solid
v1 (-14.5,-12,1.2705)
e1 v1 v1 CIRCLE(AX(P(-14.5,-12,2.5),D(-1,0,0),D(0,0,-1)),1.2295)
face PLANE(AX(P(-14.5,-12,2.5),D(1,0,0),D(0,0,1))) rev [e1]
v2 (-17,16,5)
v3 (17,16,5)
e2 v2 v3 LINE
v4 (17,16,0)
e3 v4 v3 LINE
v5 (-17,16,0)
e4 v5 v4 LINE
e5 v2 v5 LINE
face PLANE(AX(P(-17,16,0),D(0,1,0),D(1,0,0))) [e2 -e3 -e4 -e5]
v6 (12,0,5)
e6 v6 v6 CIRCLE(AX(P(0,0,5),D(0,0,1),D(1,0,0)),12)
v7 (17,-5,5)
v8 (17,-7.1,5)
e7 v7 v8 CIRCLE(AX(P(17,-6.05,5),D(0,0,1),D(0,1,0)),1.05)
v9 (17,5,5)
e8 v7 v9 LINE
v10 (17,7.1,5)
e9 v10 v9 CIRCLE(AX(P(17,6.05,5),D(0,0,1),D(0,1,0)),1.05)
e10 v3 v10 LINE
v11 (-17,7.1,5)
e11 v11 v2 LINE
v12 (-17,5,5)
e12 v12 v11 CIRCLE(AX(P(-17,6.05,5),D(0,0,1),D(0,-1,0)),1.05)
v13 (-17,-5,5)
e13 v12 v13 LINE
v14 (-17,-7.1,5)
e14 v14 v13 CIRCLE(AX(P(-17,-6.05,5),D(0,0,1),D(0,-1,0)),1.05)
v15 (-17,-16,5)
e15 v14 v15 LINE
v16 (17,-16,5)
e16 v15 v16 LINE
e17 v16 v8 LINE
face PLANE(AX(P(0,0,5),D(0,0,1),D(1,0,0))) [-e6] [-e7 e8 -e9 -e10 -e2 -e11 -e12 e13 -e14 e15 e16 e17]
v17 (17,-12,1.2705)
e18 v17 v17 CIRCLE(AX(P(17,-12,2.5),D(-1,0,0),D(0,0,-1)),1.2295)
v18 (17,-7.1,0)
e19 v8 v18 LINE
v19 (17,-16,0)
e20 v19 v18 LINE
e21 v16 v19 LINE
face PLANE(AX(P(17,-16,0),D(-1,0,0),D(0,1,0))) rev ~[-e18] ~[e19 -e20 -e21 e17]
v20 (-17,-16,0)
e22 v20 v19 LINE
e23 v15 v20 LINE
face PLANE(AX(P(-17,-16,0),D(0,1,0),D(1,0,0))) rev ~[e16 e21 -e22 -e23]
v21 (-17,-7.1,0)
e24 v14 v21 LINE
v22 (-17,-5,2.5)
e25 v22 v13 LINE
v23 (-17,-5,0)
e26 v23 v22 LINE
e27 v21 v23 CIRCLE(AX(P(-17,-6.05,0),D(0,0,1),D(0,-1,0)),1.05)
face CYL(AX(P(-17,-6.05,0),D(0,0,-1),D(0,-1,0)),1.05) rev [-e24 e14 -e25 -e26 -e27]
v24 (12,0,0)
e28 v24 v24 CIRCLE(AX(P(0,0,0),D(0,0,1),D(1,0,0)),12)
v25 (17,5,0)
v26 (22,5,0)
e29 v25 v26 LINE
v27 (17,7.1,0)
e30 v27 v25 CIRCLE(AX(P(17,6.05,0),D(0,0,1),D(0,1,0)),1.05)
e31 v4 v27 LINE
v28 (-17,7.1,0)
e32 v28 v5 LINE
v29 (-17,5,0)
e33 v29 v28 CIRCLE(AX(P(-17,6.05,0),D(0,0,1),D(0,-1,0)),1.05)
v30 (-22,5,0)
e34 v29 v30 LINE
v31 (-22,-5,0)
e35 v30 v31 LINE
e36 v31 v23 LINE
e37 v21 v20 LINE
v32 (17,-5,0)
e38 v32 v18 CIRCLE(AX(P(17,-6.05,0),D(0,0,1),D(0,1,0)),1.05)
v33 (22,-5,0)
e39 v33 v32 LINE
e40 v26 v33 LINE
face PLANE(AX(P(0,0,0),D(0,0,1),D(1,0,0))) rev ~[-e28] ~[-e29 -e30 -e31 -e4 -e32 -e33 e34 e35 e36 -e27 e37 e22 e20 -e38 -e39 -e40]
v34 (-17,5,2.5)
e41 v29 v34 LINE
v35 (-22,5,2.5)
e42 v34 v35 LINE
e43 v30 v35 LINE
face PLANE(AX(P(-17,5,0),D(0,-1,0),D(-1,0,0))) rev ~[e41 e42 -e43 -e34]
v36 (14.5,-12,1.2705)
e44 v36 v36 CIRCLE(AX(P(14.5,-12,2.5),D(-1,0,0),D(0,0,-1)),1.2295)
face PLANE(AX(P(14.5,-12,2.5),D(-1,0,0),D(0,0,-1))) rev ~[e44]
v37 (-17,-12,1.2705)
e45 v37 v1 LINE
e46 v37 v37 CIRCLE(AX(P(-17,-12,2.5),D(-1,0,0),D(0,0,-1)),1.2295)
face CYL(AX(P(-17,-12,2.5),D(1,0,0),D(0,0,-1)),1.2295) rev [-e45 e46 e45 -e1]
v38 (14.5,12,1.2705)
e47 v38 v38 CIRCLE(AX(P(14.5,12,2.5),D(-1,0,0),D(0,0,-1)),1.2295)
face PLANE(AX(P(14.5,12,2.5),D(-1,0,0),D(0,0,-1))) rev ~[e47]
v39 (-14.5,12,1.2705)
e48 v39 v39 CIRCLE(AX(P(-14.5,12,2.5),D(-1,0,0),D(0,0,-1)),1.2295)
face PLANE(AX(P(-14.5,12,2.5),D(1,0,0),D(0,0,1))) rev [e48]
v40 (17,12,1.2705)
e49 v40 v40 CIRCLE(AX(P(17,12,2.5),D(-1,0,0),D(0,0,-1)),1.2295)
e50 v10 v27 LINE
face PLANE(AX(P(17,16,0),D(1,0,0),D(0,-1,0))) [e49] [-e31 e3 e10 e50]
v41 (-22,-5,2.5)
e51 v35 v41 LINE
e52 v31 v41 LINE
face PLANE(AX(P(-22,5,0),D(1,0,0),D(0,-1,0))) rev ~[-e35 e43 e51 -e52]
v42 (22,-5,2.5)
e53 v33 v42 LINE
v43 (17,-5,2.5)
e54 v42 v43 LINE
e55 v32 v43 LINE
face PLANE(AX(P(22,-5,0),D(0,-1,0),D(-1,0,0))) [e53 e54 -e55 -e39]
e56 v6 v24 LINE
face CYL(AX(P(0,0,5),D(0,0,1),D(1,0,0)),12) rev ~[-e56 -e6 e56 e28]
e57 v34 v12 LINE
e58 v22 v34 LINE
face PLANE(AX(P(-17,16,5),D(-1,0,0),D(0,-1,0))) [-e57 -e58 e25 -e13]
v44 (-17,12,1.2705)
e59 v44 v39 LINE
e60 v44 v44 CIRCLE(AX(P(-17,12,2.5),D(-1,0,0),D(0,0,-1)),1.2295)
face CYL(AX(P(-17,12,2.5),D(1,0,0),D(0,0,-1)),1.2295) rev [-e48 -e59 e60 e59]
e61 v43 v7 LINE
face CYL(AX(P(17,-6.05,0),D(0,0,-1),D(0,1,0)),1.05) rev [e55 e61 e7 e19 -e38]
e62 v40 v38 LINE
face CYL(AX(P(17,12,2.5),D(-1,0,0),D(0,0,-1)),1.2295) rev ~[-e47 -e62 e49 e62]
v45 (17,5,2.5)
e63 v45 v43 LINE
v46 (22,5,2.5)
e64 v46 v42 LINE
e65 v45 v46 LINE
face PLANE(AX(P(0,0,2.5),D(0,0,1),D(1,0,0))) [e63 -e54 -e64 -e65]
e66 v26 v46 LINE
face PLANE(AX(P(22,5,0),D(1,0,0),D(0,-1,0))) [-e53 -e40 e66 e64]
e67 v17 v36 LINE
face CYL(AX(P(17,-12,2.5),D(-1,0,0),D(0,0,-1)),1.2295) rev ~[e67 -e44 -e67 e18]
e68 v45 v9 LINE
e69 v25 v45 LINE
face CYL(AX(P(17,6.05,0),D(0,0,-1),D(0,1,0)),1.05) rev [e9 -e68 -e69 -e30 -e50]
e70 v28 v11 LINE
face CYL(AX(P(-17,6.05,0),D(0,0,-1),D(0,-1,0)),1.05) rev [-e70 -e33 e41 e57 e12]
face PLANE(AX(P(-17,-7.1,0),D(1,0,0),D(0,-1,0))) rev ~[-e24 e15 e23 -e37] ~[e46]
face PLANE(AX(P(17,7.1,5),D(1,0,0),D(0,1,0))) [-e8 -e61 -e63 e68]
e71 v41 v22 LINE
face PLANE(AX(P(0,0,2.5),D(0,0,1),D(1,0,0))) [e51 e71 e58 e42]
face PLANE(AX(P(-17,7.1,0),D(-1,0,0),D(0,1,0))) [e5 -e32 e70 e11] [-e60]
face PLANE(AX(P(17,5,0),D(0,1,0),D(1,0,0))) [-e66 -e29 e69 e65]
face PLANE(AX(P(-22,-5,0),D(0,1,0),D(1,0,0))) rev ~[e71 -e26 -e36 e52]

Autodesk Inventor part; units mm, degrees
ref_plane "YZ Plane" through (0, 0, 0) normal (1, 0, 0) x (0, 1, 0)
ref_plane "XZ Plane" through (0, 0, 0) normal (0, 1, 0) x (-1, 0, 0)
ref_plane "XY Plane" through (0, 0, 0) normal (0, 0, 1) x (1, 0, 0)
sketch "スケッチ1" plane through (0, 0, 0) normal (0, 0, 1) x (1, 0, 0)
  line L0 (-17, -16) -> (17, -16) construction
  line L1 (17, -16) -> (17, 16) construction
  line L2 (17, 16) -> (-17, 16) construction
  line L3 (-17, 16) -> (-17, -16) construction
  line L4 (-17, -16) -> (17, 16) construction
  line L5 (17, -16) -> (-17, 16) construction
  line L6 (-17, 7.1) -> (-17, 16)
  line L7 (-17, 16) -> (17, 16)
  line L8 (17, 16) -> (17, 7.1)
  line L9 (-17, 5) -> (-22, 5)
  line L10 (-22, 5) -> (-22, -5)
  line L11 (-22, -5) -> (-17, -5)
  line L12 (17, 5) -> (22, 5)
  line L13 (22, 5) -> (22, -5)
  line L14 (22, -5) -> (17, -5)
  line L15 (-17, -7.1) -> (-17, -16)
  line L16 (-17, -16) -> (17, -16)
  line L17 (17, -16) -> (17, -7.1)
  arc A0 (-17, 5) -> (-17, 7.1) centre (-17, 6.05) ccw
  arc A1 (-17, -7.1) -> (-17, -5) centre (-17, -6.05) ccw
  arc A2 (17, 7.1) -> (17, 5) centre (17, 6.05) ccw
  arc A3 (17, -5) -> (17, -7.1) centre (17, -6.05) ccw
  line L18 (0, 0) -> (-17, 0) construction
  line L19 (0, 0) -> (0, 16) construction
  dimension "d87" = 32
  dimension "d88" = 1.05
  dimension "d89" = 5
  dimension "d90" = 11
  dimension "d91" = 34
extrude "押し出し1" add sketch "スケッチ1" along normal blind 5
sketch "スケッチ2" plane through (0, 0, 5) normal (0, 0, 1) x (1, 0, 0)
  line L0 (-17, 16) -> (-17, 7.1) projected
  line L1 (17, 7.1) -> (17, 16) projected
  line L2 (-28.2886, 18.8938) -> (-17, 18.8938)
  line L3 (-17, 18.8938) -> (-17, -23.6662)
  line L4 (-17, -23.6662) -> (-28.2886, -23.6662)
  line L5 (-28.2886, -23.6662) -> (-28.2886, 18.8938)
  line L6 (17, 13.565) -> (34.37, 13.565)
  line L7 (34.37, 13.565) -> (34.37, -20.2305)
  line L8 (34.37, -20.2305) -> (17, -20.2305)
  line L9 (17, -20.2305) -> (17, 13.565)
  point P0 (0, 0)
extrude "押し出し2" cut sketch "スケッチ2" against normal blind 2.5
sketch "スケッチ3" plane through (17, -16, 0) normal (1, 0, 0) x (0, 0, -1)
  line L0 (0, 0) -> (-5, 0) projected
  line L1 (-5, 11) -> (-5, 21) construction
  line L2 (-5, 16) -> (0, 16) construction
  point P0 (-2.5, 4)
  point P1 (-2.5, 28)
  point P2 (-2.5, 0)
  dimension "d96" = 4
hole "穴1" at (17, -12, 2.5) at (17, 12, 2.5) direction (-1, 0, 0) diameter 2.459 depth 2.5 thread size "M3x0.5" class "6H" standard "ISO Metric profile"
mirror "ミラー1" about plane through (0, 0, 0) normal (1, 0, 0) of "穴1"
sketch "スケッチ4" plane through (0, 0, 5) normal (0, 0, 1) x (1, 0, 0)
  line L0 (-17, -16) -> (17, -16) projected
  line L1 (17, -16) -> (17, -7.1) projected
  line L2 (10, 12) -> (-10, 12) construction
  line L3 (-10, 12) -> (-10, -12) construction
  line L4 (-10, -12) -> (10, -12) construction
  line L5 (10, -12) -> (10, 12) construction
  line L6 (10, 12) -> (-10, -12) construction
  line L7 (-10, 12) -> (10, -12) construction
  circle A0 centre (0, 0) radius 12
  dimension "d104" = 4
  dimension "d105" = 7
extrude "押し出し3" cut sketch "スケッチ4" against normal blind 10
equation "\"d87\" = d3"
equation "\"d90\" = d77 + d82"
equation "\"d96\" = d77"
equation "\"d3\" = 32"
equation "\"d77\" = 4"
equation "\"d82\" = 7"
properties part number "コックピット_2_サブフレーム_6" material "アセタール樹脂、黒"
